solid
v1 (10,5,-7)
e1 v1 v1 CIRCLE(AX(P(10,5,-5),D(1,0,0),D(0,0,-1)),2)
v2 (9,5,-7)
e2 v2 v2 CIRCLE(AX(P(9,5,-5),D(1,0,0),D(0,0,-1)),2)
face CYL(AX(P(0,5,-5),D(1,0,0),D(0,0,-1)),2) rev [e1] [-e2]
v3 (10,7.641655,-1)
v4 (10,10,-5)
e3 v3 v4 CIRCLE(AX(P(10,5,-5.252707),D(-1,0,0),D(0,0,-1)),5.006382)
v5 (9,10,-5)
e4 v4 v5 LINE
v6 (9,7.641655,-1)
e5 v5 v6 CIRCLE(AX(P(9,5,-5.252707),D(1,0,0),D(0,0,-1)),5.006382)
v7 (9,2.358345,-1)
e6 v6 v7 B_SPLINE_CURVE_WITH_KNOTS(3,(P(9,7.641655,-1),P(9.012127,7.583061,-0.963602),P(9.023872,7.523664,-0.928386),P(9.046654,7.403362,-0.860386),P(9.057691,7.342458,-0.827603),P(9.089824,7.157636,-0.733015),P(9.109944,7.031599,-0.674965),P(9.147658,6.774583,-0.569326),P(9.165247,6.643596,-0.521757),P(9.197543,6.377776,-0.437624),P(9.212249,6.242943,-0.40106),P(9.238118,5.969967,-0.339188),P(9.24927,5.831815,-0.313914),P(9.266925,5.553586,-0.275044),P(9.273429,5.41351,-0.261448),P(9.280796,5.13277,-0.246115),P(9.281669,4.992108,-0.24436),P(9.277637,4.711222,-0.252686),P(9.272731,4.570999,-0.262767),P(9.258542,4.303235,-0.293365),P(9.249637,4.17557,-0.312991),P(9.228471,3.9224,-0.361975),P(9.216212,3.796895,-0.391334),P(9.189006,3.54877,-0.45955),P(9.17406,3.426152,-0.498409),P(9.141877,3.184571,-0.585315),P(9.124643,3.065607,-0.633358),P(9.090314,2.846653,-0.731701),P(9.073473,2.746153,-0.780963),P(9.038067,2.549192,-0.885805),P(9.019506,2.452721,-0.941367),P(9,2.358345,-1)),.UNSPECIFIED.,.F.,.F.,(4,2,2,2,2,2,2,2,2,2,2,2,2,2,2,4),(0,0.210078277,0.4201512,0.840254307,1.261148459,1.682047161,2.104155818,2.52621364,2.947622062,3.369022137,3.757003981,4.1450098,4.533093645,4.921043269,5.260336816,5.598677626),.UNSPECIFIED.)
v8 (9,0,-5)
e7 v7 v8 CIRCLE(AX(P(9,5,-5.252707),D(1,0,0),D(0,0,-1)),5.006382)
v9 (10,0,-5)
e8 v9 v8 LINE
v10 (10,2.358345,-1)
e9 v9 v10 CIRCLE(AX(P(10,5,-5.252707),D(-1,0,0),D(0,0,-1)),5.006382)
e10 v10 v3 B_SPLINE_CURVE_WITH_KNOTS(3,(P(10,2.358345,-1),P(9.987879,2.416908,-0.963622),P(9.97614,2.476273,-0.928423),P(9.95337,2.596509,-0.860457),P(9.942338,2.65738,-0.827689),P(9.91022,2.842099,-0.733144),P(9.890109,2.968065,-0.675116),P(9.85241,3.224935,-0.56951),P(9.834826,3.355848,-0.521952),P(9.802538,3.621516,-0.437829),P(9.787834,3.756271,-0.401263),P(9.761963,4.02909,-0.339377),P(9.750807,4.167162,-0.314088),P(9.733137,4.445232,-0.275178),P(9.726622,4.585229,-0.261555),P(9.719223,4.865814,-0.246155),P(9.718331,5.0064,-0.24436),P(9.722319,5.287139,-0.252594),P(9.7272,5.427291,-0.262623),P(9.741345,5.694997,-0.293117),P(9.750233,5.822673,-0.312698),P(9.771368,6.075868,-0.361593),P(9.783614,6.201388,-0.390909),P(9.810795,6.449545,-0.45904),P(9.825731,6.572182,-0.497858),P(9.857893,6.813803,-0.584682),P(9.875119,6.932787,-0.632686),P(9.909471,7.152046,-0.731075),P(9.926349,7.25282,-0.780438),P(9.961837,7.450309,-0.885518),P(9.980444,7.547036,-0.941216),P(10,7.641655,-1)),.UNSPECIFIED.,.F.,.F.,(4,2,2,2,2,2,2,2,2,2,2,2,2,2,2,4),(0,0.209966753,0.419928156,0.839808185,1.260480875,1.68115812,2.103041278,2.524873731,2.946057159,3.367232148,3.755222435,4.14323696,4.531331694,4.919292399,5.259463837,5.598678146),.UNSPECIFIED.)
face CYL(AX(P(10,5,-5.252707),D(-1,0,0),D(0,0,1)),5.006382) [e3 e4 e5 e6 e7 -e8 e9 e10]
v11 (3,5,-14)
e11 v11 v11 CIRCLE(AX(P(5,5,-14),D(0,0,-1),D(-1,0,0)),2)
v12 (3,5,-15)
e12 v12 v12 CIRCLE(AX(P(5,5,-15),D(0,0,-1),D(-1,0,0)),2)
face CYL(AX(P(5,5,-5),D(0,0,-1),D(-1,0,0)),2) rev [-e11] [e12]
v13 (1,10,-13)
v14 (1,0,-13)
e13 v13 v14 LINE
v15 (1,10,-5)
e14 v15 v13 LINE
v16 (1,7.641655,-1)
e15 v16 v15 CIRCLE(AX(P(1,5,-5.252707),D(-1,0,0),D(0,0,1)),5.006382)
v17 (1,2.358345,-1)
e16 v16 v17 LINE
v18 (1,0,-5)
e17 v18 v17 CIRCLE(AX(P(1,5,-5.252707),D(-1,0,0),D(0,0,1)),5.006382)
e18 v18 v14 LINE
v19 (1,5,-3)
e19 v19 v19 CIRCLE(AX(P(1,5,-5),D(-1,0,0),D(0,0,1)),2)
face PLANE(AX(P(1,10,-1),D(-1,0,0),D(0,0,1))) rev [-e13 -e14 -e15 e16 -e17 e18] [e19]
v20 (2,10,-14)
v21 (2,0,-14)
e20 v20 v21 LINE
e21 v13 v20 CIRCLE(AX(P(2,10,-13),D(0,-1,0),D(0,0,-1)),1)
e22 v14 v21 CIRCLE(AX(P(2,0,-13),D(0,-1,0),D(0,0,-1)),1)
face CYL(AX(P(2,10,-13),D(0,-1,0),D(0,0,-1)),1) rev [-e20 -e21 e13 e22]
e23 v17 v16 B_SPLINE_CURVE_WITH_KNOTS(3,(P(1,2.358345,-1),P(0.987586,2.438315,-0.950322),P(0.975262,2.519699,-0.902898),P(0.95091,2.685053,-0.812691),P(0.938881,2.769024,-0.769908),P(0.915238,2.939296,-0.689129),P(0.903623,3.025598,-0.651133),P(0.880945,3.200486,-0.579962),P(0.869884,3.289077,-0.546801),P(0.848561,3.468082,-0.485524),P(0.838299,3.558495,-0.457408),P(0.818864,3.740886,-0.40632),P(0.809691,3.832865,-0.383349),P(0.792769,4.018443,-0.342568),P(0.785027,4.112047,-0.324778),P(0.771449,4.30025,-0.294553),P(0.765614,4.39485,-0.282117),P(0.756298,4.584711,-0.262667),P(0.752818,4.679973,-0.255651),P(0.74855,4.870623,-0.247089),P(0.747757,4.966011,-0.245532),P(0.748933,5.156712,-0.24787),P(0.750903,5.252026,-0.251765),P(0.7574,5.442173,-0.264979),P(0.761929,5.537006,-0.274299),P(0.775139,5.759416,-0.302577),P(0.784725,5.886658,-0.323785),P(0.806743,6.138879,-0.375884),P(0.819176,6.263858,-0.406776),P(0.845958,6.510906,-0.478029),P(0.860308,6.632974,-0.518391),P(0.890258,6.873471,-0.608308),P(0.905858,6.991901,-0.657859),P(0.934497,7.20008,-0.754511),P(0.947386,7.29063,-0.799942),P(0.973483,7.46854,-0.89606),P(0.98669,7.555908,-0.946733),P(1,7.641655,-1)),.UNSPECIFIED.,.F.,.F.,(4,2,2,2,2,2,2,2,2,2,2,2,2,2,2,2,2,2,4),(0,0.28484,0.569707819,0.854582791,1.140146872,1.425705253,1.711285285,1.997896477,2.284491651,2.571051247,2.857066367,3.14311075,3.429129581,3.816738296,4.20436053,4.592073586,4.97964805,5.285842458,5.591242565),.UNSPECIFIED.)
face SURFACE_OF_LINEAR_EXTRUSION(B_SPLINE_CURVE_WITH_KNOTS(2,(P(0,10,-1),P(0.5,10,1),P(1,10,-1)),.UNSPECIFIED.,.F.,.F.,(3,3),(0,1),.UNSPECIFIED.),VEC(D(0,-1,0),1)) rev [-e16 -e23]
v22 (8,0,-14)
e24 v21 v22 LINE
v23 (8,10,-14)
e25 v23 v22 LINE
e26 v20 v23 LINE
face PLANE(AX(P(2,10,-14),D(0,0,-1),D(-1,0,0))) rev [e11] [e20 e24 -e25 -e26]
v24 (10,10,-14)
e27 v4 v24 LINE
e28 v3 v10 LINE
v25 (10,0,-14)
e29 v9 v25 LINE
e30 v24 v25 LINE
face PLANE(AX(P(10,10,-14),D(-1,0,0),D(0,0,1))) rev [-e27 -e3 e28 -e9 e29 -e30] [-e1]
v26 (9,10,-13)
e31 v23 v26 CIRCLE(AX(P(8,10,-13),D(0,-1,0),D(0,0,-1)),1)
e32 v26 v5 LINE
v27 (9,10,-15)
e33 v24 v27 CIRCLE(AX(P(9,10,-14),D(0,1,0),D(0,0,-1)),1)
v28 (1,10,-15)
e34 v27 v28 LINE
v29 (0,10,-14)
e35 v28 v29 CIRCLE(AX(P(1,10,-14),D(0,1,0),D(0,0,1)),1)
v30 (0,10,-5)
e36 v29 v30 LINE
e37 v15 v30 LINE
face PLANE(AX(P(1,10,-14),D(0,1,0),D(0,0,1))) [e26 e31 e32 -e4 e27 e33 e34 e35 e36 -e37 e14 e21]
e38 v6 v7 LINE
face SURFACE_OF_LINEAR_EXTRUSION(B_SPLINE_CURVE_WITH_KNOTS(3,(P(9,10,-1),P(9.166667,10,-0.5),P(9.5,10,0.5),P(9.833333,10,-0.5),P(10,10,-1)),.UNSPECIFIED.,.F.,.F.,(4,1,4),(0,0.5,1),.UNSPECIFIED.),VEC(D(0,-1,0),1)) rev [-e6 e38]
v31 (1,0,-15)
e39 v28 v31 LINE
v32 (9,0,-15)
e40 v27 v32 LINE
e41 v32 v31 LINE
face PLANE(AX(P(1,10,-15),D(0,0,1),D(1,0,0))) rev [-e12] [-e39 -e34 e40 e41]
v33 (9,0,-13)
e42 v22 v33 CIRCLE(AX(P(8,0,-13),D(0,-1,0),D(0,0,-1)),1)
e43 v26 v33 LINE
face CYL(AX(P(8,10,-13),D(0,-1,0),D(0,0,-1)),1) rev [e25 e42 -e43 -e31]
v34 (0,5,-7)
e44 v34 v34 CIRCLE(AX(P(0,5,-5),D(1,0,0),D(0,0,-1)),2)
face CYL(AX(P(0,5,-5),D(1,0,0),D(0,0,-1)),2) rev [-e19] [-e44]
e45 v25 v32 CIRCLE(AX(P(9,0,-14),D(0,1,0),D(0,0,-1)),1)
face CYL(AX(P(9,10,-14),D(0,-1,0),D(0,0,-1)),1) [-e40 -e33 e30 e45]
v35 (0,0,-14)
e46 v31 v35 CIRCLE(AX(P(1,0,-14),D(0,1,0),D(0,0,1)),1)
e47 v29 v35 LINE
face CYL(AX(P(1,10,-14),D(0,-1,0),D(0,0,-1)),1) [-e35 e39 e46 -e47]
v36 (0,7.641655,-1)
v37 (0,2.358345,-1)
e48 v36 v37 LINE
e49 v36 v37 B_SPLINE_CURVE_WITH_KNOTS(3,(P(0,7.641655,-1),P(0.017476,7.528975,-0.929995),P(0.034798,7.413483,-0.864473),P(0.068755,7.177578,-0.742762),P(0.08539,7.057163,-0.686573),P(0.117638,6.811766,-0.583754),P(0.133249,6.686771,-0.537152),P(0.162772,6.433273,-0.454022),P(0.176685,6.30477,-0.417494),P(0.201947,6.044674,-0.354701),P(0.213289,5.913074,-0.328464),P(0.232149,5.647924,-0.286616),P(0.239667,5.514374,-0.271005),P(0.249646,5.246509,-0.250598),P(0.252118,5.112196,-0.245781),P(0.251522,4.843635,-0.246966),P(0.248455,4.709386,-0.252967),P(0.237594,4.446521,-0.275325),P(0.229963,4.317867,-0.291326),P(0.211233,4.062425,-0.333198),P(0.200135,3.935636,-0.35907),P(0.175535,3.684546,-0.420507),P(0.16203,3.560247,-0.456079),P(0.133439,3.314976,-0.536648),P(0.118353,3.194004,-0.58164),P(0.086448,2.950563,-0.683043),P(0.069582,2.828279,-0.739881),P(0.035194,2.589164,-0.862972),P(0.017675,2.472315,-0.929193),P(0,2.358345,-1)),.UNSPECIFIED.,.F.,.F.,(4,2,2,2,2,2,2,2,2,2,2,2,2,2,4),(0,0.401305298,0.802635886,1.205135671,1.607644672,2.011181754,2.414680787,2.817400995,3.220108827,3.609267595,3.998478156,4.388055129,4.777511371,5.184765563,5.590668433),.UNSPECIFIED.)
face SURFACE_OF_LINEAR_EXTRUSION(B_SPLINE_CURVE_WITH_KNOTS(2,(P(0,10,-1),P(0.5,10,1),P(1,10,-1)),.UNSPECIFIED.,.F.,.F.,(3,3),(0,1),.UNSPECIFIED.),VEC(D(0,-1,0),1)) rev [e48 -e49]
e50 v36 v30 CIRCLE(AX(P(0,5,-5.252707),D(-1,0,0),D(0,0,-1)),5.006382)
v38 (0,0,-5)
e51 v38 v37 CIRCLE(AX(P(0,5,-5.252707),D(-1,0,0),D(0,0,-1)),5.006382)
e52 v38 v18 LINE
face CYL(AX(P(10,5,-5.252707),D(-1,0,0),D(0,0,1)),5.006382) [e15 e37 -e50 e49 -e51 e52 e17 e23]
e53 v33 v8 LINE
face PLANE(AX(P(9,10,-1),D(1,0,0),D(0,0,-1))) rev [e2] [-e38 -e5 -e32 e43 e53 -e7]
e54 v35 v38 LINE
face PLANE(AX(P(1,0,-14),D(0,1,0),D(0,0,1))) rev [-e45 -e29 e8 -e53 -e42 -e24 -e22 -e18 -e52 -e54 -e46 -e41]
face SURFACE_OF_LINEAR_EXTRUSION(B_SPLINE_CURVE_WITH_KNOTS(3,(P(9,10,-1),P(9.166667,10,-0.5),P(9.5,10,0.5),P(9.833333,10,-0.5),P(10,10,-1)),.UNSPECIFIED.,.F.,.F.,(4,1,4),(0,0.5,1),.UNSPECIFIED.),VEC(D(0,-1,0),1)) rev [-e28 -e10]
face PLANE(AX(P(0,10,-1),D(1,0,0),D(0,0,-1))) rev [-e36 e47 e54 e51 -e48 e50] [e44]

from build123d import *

# Parameters (mm, degrees)
EXTRUDE_1_DEPTH      = 10
SKETCH_3_R           = 2
CUT_EXTRUDE_3_DEPTH  = 10
CUT_EXTRUDE_19_DEPTH = 10
SKETCH_15_R          = 2
CUT_EXTRUDE_20_DEPTH = 10


with BuildPart() as part:
    # Эскиз1 → Бобышка-Вытянуть1 (new body)
    with BuildSketch(Plane(origin=(0, 0, 0), x_dir=(1, 0, 0), z_dir=(0, 1, 0))):
        with BuildLine():
            Line((0, 1), (0, 14))
            ThreePointArc((0, 14), (0.292893219, 14.707106781), (1, 15))
            Line((1, 15), (9, 15))
            ThreePointArc((9, 15), (9.707106781, 14.707106781), (10, 14))
            Line((10, 14), (10, 1))
            add(Edge.make_bspline(
                [(9, 1), (9.166666667, 0.5), (9.5, -0.5), (9.833333333, 0.5), (10, 1)],
                knots=[0, 0, 0, 0, 0.5, 1, 1, 1, 1], degree=3))
            Line((9, 1), (9, 13))
            ThreePointArc((9, 13), (8.707106781, 13.707106781), (8, 14))
            Line((8, 14), (2, 14))
            ThreePointArc((2, 14), (1.292893219, 13.707106781), (1, 13))
            Line((1, 13), (1, 1))
            add(Edge.make_bspline(
                [(0, 1), (0.5, -1), (1, 1)],
                knots=[0, 0, 0, 1, 1, 1], degree=2))
        make_face()
    extrude(amount=EXTRUDE_1_DEPTH)

    # Эскиз3 → Вырез-Вытянуть3 (cut)
    with BuildSketch(Plane(origin=(10, 0, 0), x_dir=(0, 0, -1), z_dir=(1, 0, 0))):
        with Locations((5, 5)):
            Circle(SKETCH_3_R)
    extrude(amount=-CUT_EXTRUDE_3_DEPTH, mode=Mode.SUBTRACT)

    # Эскиз14 → Вырез-Вытянуть19 (cut)
    with BuildSketch(Plane(origin=(0, 0, 0), x_dir=(0, 0, -1), z_dir=(1, 0, 0))):
        with BuildLine():
            Line((5, 10), (0, 10))
            Line((0, 10), (0, 0))
            Line((0, 0), (5, 0))
            ThreePointArc((5, 0), (0.246325104, 5), (5, 10))
        make_face()
    extrude(amount=CUT_EXTRUDE_19_DEPTH, mode=Mode.SUBTRACT)

    # Эскиз15 → Вырез-Вытянуть20 (cut)
    with BuildSketch(Plane(origin=(0, 0, -15), x_dir=(-1, 0, 0), z_dir=(0, 0, -1))):
        with Locations((-5, 5)):
            Circle(SKETCH_15_R)
    extrude(amount=-CUT_EXTRUDE_20_DEPTH, mode=Mode.SUBTRACT)


solid = part.part
